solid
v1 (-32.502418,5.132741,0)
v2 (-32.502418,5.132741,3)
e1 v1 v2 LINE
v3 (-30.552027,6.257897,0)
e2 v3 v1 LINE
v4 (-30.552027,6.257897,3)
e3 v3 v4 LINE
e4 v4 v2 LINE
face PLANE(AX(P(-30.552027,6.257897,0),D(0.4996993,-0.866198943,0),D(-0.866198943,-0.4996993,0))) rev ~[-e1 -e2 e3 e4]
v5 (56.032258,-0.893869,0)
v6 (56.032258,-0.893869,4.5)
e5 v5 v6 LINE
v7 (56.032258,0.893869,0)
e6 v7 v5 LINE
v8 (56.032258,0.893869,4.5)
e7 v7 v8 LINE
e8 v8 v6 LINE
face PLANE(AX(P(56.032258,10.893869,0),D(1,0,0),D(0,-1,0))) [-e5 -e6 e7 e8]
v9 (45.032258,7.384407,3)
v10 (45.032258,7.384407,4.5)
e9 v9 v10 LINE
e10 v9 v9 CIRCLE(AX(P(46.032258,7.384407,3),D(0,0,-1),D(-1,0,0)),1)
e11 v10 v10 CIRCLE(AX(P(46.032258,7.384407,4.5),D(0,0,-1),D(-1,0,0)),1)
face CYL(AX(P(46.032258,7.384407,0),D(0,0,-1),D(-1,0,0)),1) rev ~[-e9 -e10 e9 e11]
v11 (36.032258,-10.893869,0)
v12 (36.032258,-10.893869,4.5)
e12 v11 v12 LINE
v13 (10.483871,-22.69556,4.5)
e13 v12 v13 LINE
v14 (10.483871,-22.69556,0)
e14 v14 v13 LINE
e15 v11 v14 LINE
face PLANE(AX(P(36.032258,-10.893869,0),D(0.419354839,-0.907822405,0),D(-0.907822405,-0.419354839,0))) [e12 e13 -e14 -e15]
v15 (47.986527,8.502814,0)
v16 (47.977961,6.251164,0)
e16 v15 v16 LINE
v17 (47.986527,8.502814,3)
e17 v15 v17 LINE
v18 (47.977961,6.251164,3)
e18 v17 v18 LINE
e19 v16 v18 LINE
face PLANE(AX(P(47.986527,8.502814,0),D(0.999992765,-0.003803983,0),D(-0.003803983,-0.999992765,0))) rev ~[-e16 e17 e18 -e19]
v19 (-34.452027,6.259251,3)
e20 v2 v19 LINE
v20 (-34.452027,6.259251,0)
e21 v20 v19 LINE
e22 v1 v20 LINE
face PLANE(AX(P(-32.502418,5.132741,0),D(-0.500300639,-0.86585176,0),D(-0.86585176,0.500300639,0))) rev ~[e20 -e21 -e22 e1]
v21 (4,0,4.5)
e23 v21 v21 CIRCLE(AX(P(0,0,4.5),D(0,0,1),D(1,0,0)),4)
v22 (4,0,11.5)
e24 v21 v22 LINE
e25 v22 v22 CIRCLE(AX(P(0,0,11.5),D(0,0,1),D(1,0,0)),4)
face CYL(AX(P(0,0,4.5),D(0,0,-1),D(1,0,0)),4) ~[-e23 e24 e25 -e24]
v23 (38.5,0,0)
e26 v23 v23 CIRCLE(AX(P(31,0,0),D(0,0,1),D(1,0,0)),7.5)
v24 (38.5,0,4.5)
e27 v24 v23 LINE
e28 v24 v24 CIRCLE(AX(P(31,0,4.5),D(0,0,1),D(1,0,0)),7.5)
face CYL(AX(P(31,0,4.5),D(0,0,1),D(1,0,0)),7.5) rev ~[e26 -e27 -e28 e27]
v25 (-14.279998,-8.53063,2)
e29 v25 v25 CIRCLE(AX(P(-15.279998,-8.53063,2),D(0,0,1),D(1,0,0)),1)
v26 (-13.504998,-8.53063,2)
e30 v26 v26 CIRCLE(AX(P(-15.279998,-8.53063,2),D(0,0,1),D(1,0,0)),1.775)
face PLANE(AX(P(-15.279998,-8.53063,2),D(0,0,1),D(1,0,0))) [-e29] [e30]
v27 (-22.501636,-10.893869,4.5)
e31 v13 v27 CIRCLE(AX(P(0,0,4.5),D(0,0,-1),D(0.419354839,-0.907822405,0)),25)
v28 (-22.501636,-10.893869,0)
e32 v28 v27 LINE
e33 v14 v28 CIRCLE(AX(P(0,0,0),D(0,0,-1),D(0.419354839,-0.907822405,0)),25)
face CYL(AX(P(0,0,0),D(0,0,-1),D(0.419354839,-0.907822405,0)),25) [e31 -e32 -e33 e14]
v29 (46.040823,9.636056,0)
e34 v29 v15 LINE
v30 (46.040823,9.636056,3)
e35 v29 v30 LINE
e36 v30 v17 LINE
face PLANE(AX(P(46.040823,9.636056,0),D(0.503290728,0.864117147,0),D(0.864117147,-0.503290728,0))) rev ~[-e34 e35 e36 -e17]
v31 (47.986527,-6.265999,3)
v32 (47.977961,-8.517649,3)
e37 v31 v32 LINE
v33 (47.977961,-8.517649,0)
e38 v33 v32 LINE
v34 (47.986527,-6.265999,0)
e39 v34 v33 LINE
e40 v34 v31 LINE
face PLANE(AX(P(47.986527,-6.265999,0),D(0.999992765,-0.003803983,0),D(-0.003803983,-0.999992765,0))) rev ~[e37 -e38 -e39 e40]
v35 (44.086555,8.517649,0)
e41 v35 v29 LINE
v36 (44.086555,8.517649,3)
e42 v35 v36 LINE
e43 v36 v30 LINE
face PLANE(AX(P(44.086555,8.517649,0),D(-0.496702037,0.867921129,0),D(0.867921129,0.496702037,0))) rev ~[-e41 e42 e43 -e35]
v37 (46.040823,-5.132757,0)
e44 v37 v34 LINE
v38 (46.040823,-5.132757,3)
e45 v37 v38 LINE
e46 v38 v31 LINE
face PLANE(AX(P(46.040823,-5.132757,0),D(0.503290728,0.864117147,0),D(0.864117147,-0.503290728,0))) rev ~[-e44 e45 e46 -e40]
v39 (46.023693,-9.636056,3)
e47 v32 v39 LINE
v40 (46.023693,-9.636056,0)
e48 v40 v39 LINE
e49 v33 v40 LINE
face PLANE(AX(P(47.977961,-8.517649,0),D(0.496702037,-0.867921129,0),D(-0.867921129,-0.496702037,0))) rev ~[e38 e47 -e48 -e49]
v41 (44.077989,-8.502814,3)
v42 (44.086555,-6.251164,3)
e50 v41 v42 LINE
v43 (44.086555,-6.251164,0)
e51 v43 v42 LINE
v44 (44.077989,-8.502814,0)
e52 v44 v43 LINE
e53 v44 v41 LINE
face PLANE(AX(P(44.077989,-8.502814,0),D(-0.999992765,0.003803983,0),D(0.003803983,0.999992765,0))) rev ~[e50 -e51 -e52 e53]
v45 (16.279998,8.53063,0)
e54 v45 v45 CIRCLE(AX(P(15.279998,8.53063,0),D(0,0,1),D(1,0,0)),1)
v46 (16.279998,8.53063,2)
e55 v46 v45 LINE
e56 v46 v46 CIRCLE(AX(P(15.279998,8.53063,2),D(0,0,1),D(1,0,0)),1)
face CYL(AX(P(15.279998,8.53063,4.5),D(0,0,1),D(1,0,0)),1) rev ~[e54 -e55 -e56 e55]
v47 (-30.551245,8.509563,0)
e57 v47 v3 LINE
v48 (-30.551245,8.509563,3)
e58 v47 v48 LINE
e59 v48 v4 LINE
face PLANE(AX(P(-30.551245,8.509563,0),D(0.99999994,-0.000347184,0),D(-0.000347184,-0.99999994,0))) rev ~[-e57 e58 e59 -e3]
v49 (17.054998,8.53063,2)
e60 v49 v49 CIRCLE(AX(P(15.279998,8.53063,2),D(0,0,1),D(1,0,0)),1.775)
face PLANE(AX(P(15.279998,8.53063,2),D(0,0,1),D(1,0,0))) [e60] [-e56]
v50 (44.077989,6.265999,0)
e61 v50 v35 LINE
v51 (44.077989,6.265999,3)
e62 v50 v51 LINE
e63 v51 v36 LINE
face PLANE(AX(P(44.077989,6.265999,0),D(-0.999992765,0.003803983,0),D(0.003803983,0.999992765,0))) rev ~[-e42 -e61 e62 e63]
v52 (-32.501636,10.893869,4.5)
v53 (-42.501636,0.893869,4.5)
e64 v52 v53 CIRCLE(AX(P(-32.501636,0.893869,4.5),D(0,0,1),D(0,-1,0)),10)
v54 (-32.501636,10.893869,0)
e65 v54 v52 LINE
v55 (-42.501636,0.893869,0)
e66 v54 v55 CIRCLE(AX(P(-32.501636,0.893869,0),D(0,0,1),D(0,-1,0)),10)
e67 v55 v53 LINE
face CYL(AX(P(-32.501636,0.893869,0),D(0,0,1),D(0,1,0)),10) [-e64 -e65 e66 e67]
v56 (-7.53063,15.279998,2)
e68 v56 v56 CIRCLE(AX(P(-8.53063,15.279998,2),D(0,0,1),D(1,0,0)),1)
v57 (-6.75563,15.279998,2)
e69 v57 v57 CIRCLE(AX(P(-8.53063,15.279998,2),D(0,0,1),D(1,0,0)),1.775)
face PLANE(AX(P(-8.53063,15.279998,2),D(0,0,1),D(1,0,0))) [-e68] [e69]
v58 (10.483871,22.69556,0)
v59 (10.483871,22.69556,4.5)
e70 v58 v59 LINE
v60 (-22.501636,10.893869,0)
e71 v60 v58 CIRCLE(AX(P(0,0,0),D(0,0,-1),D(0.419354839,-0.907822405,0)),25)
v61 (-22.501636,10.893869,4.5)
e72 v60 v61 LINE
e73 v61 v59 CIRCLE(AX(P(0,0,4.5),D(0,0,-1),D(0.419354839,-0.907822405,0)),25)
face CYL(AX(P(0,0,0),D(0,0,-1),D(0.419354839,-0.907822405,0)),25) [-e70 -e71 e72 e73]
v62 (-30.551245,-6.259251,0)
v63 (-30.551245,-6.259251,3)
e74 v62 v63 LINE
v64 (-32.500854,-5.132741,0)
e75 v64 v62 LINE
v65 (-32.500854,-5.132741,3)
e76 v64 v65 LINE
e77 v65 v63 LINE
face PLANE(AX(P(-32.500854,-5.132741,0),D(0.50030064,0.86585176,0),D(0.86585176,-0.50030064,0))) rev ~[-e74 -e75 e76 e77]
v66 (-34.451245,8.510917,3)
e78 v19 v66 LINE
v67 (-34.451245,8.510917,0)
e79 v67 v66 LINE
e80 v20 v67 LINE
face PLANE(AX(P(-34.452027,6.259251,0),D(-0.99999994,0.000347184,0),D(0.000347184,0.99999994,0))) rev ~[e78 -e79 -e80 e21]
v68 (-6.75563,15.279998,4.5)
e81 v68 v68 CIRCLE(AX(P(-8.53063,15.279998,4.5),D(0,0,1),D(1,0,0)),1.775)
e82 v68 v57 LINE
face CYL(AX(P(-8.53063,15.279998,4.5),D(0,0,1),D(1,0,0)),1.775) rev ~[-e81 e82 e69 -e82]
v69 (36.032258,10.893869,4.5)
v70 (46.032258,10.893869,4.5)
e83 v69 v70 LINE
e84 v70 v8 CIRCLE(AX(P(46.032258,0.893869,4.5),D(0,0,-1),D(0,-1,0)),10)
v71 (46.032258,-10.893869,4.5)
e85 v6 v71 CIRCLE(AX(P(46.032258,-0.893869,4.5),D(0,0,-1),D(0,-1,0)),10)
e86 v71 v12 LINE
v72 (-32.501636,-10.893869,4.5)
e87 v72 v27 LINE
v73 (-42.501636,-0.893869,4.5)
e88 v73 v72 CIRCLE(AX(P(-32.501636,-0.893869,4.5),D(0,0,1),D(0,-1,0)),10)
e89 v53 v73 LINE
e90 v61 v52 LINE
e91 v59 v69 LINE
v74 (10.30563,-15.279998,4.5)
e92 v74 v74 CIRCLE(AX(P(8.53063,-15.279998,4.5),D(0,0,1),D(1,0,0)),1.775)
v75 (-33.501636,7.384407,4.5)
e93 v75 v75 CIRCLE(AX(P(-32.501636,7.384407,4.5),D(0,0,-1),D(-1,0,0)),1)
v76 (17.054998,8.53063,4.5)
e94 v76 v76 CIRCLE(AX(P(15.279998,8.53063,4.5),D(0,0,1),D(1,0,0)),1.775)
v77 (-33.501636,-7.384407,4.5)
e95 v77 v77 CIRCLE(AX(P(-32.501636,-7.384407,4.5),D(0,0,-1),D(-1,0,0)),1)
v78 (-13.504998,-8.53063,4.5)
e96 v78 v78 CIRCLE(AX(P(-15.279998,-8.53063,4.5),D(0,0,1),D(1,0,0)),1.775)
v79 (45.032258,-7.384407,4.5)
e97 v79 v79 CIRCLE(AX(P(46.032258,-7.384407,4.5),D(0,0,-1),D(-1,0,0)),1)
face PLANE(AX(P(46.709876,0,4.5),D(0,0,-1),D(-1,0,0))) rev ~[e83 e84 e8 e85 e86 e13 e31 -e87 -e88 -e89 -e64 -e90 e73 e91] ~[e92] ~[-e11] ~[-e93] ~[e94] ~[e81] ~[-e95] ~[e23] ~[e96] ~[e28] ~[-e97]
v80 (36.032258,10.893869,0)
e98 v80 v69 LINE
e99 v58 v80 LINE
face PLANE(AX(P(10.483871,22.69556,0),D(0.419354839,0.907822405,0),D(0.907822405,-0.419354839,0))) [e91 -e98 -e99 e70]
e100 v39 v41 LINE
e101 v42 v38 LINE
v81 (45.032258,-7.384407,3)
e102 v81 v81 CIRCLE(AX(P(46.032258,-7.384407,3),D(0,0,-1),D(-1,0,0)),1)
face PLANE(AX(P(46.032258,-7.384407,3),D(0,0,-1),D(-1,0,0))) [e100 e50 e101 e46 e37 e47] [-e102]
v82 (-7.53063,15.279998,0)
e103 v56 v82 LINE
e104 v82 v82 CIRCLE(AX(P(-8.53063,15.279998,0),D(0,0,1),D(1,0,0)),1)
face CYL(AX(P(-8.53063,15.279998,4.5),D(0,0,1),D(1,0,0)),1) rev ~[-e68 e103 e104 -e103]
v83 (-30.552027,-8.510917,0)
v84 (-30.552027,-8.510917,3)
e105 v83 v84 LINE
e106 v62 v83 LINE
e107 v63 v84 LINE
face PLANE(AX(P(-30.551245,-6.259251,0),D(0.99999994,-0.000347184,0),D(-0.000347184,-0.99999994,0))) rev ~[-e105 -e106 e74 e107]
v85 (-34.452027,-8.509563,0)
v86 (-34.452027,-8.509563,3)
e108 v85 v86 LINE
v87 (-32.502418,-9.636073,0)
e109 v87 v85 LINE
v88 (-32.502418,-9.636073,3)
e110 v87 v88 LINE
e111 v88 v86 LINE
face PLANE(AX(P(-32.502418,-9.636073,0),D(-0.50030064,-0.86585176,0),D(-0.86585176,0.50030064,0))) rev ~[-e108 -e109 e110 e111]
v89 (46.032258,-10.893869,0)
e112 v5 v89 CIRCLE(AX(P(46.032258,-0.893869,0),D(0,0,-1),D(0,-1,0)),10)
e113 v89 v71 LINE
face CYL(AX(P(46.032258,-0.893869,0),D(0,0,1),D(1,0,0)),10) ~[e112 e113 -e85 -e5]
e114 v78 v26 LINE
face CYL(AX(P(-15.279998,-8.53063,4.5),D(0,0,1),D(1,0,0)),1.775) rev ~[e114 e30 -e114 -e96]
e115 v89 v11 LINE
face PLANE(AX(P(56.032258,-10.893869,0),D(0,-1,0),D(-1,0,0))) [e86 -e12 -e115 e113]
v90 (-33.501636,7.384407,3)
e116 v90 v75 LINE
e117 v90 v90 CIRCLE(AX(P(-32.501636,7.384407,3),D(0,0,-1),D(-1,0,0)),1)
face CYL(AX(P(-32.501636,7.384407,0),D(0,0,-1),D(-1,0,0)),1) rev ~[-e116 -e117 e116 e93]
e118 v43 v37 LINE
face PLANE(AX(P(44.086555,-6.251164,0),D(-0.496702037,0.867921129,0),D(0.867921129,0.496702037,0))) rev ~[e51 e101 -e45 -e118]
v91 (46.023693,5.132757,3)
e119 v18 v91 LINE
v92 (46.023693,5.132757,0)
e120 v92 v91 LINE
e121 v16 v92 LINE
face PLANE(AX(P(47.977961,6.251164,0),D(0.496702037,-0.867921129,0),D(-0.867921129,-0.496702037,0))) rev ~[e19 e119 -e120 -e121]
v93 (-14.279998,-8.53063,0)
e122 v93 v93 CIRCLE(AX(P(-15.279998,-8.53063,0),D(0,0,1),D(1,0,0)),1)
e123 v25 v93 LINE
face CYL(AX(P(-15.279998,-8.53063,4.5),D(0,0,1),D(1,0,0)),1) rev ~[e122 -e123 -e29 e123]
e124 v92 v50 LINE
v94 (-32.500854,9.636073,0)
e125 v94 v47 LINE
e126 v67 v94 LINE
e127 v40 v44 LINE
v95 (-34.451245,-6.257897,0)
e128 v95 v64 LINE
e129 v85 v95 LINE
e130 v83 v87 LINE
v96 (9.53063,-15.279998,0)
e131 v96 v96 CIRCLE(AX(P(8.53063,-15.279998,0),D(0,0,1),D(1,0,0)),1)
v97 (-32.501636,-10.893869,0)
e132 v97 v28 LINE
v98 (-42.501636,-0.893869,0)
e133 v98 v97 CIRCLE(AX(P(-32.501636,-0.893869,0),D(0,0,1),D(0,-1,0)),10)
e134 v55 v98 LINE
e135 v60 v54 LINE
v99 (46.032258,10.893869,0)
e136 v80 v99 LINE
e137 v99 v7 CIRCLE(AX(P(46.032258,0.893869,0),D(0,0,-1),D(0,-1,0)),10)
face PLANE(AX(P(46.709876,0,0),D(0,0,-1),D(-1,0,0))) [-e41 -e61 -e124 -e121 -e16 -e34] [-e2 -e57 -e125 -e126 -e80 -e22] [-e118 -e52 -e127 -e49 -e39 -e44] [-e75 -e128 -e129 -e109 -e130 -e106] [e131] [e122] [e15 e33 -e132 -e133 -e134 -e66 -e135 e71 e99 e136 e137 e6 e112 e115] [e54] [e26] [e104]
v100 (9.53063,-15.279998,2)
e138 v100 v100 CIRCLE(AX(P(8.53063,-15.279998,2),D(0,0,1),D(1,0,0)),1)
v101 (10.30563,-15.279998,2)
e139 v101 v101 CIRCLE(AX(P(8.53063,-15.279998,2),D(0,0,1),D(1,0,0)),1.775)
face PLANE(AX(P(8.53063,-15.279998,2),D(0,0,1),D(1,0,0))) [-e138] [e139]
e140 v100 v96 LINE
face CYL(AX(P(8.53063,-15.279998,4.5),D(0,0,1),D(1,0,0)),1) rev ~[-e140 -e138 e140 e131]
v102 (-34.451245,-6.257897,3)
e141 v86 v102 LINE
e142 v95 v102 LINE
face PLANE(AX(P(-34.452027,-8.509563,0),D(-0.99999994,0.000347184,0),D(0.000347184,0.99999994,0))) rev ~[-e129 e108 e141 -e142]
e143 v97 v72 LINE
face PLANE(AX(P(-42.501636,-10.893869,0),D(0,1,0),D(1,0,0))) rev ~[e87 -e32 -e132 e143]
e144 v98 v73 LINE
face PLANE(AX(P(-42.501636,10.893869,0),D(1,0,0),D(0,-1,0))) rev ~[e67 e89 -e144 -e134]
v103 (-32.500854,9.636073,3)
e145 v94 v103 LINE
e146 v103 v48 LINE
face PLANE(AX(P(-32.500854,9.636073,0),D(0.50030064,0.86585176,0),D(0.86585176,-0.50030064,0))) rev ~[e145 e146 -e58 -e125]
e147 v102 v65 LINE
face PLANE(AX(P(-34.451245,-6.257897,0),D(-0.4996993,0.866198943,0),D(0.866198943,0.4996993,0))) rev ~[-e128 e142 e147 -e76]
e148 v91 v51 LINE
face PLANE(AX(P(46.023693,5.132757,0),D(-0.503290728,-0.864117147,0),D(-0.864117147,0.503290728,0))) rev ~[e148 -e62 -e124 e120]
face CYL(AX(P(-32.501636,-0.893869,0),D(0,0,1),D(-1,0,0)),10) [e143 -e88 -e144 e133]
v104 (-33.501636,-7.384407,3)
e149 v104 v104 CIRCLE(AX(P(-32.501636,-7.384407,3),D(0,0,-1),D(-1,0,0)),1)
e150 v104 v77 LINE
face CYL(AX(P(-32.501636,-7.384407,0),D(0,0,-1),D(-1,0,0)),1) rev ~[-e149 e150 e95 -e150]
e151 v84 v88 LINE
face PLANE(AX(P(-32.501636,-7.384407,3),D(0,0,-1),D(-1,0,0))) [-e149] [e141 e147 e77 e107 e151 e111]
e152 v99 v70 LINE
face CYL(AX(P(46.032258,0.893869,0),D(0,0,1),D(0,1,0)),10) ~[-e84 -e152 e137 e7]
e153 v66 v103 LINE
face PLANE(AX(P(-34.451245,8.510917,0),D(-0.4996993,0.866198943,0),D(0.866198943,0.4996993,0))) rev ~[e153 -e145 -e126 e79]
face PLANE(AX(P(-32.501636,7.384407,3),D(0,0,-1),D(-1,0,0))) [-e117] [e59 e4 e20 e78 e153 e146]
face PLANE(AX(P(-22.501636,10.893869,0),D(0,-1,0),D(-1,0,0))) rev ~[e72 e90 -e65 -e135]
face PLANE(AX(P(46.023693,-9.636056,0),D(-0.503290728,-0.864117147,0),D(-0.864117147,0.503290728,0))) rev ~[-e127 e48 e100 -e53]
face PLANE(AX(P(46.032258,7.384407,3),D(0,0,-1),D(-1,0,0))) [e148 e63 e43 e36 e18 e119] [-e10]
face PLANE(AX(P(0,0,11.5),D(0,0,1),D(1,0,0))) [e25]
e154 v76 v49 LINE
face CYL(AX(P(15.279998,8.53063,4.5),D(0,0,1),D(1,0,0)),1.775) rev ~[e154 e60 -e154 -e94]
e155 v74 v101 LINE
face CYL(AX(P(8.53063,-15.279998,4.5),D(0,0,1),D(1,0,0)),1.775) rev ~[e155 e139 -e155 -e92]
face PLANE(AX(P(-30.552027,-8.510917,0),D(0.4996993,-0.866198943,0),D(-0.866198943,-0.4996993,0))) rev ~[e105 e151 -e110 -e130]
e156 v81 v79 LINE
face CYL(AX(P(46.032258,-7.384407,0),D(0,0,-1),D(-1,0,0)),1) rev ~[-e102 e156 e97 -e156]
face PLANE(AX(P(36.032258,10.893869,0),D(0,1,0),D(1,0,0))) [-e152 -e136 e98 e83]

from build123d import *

# Parameters (mm, degrees)
BOSS_EXTRUDE1_DEPTH = 4.5
SKETCH2_R           = 7.5
CUT_EXTRUDE1_DEPTH  = 50.942466899
SKETCH3_R           = 4
BOSS_EXTRUDE2_DEPTH = 7
BOSS_EXTRUDE3_DEPTH = 4.5
FILLET1_R           = 10
SKETCH6_R           = 1
CUT_EXTRUDE2_DEPTH  = 63.42486639
CUT_EXTRUDE3_DEPTH  = 3
SKETCH10_R          = 1
CUT_EXTRUDE4_DEPTH  = 62.754464971
SKETCH11_R          = 1.775
CUT_EXTRUDE5_DEPTH  = 2.5


with BuildPart() as part:
    # Sketch1 → Boss-Extrude1 (new body)
    with BuildSketch(Plane.XY):
        with BuildLine():
            Line((10.483870968, 22.695560128), (36.032258065, 10.893868862))
            ThreePointArc((36.032258065, 10.893868862), (43, 0), (36.032258065, -10.893868862))
            Line((36.032258065, -10.893868862), (10.483870968, -22.695560128))
            ThreePointArc((10.483870968, -22.695560128), (-25, 0), (10.483870968, 22.695560128))
        make_face()
    extrude(amount=BOSS_EXTRUDE1_DEPTH)

    # Sketch2 → Cut-Extrude1 (cut, through all)
    with BuildSketch(Plane.XY.offset(4.5)):
        with Locations((31, 0)):
            Circle(SKETCH2_R)
    extrude(amount=-CUT_EXTRUDE1_DEPTH, mode=Mode.SUBTRACT)

    # Sketch3 → Boss-Extrude2 (add)
    with BuildSketch(Plane.XY.offset(4.5)):
        Circle(SKETCH3_R)
    extrude(amount=BOSS_EXTRUDE2_DEPTH)

    # Sketch4 → Boss-Extrude3 (add)
    with BuildSketch(Plane(origin=(0, 0, 0), x_dir=(-1, 0, 0), z_dir=(0, 0, -1))):
        with BuildLine():
            Line((-36.032258065, 10.893868862), (-56.032258065, 10.893868862))
            Line((-56.032258065, 10.893868862), (-56.032258065, -10.893868862))
            Line((-56.032258065, -10.893868862), (-36.032258065, -10.893868862))
            ThreePointArc((-36.032258065, -10.893868862), (-43, 0), (-36.032258065, 10.893868862))
        make_face()
        with BuildLine():
            Line((22.501635968, 10.893868862), (42.501635968, 10.893868862))
            Line((42.501635968, 10.893868862), (42.501635968, -10.893868862))
            Line((42.501635968, -10.893868862), (22.501635968, -10.893868862))
            ThreePointArc((22.501635968, -10.893868862), (25, 0), (22.501635968, 10.893868862))
        make_face()
    extrude(amount=-BOSS_EXTRUDE3_DEPTH)

    # Fillet1
    fillet1_edges = [part.edges().sort_by_distance(p)[0] for p in [
        (56.032258065, 10.893868862, 2.25),
        (56.032258065, -10.893868862, 2.25),
        (-42.501635968, -10.893868862, 2.25),
        (-42.501635968, 10.893868862, 2.25),
    ]]
    fillet(fillet1_edges, radius=FILLET1_R)

    # Sketch6 → Cut-Extrude2 (cut, through all)
    with BuildSketch(Plane(origin=(0, 0, 0), x_dir=(-1, 0, 0), z_dir=(0, 0, -1))):
        with Locations((32.501635968, -7.384406603)):
            Circle(SKETCH6_R)
        with Locations((32.501635968, 7.384406603)):
            Circle(SKETCH6_R)
        with Locations((-46.032258065, -7.384406603)):
            Circle(SKETCH6_R)
        with Locations((-46.032258065, 7.384406603)):
            Circle(SKETCH6_R)
    extrude(amount=-CUT_EXTRUDE2_DEPTH, mode=Mode.SUBTRACT)

    # Sketch7 → Cut-Extrude3 (cut)
    with BuildSketch(Plane(origin=(0, 0, 0), x_dir=(-1, 0, 0), z_dir=(0, 0, -1))):
        Polygon((-46.040823363, 9.636056412), (-47.986526649, 8.502813742), (-47.97796135, 6.251163933), (-46.023692766, 5.132756795), (-44.07798948, 6.265999465), (-44.086554779, 8.517649274), align=None)
        Polygon((-46.040823363, -5.132756795), (-47.986526649, -6.265999465), (-47.97796135, -8.517649274), (-46.023692766, -9.636056412), (-44.07798948, -8.502813742), (-44.086554779, -6.251163933), align=None)
        Polygon((32.500854226, 9.636072568), (30.551245171, 8.509562577), (30.552026913, 6.257896613), (32.502417709, 5.132740639), (34.452026765, 6.259250629), (34.451245023, 8.510916594), align=None)
        Polygon((32.500854226, -5.132740639), (30.551245171, -6.259250629), (30.552026913, -8.510916594), (32.502417709, -9.636072568), (34.452026765, -8.509562577), (34.451245023, -6.257896613), align=None)
    extrude(amount=-CUT_EXTRUDE3_DEPTH, mode=Mode.SUBTRACT)

    # Sketch10 → Cut-Extrude4 (cut, through all)
    with BuildSketch(Plane.XY.offset(4.5)):
        with Locations((8.530630169, -15.279998329)):
            Circle(SKETCH10_R)
        with Locations((-15.279998329, -8.530630169)):
            Circle(SKETCH10_R)
        with Locations((-8.530630169, 15.279998329)):
            Circle(SKETCH10_R)
        with Locations((15.279998329, 8.530630169)):
            Circle(SKETCH10_R)
    extrude(amount=-CUT_EXTRUDE4_DEPTH, mode=Mode.SUBTRACT)

    # Sketch11 → Cut-Extrude5 (cut)
    with BuildSketch(Plane.XY.offset(4.5)):
        with Locations((-8.530630169, 15.279998329)):
            Circle(SKETCH11_R)
        with Locations((15.279998329, 8.530630169)):
            Circle(SKETCH11_R)
        with Locations((8.530630169, -15.279998329)):
            Circle(SKETCH11_R)
        with Locations((-15.279998329, -8.530630169)):
            Circle(SKETCH11_R)
    extrude(amount=-CUT_EXTRUDE5_DEPTH, mode=Mode.SUBTRACT)


solid = part.part
